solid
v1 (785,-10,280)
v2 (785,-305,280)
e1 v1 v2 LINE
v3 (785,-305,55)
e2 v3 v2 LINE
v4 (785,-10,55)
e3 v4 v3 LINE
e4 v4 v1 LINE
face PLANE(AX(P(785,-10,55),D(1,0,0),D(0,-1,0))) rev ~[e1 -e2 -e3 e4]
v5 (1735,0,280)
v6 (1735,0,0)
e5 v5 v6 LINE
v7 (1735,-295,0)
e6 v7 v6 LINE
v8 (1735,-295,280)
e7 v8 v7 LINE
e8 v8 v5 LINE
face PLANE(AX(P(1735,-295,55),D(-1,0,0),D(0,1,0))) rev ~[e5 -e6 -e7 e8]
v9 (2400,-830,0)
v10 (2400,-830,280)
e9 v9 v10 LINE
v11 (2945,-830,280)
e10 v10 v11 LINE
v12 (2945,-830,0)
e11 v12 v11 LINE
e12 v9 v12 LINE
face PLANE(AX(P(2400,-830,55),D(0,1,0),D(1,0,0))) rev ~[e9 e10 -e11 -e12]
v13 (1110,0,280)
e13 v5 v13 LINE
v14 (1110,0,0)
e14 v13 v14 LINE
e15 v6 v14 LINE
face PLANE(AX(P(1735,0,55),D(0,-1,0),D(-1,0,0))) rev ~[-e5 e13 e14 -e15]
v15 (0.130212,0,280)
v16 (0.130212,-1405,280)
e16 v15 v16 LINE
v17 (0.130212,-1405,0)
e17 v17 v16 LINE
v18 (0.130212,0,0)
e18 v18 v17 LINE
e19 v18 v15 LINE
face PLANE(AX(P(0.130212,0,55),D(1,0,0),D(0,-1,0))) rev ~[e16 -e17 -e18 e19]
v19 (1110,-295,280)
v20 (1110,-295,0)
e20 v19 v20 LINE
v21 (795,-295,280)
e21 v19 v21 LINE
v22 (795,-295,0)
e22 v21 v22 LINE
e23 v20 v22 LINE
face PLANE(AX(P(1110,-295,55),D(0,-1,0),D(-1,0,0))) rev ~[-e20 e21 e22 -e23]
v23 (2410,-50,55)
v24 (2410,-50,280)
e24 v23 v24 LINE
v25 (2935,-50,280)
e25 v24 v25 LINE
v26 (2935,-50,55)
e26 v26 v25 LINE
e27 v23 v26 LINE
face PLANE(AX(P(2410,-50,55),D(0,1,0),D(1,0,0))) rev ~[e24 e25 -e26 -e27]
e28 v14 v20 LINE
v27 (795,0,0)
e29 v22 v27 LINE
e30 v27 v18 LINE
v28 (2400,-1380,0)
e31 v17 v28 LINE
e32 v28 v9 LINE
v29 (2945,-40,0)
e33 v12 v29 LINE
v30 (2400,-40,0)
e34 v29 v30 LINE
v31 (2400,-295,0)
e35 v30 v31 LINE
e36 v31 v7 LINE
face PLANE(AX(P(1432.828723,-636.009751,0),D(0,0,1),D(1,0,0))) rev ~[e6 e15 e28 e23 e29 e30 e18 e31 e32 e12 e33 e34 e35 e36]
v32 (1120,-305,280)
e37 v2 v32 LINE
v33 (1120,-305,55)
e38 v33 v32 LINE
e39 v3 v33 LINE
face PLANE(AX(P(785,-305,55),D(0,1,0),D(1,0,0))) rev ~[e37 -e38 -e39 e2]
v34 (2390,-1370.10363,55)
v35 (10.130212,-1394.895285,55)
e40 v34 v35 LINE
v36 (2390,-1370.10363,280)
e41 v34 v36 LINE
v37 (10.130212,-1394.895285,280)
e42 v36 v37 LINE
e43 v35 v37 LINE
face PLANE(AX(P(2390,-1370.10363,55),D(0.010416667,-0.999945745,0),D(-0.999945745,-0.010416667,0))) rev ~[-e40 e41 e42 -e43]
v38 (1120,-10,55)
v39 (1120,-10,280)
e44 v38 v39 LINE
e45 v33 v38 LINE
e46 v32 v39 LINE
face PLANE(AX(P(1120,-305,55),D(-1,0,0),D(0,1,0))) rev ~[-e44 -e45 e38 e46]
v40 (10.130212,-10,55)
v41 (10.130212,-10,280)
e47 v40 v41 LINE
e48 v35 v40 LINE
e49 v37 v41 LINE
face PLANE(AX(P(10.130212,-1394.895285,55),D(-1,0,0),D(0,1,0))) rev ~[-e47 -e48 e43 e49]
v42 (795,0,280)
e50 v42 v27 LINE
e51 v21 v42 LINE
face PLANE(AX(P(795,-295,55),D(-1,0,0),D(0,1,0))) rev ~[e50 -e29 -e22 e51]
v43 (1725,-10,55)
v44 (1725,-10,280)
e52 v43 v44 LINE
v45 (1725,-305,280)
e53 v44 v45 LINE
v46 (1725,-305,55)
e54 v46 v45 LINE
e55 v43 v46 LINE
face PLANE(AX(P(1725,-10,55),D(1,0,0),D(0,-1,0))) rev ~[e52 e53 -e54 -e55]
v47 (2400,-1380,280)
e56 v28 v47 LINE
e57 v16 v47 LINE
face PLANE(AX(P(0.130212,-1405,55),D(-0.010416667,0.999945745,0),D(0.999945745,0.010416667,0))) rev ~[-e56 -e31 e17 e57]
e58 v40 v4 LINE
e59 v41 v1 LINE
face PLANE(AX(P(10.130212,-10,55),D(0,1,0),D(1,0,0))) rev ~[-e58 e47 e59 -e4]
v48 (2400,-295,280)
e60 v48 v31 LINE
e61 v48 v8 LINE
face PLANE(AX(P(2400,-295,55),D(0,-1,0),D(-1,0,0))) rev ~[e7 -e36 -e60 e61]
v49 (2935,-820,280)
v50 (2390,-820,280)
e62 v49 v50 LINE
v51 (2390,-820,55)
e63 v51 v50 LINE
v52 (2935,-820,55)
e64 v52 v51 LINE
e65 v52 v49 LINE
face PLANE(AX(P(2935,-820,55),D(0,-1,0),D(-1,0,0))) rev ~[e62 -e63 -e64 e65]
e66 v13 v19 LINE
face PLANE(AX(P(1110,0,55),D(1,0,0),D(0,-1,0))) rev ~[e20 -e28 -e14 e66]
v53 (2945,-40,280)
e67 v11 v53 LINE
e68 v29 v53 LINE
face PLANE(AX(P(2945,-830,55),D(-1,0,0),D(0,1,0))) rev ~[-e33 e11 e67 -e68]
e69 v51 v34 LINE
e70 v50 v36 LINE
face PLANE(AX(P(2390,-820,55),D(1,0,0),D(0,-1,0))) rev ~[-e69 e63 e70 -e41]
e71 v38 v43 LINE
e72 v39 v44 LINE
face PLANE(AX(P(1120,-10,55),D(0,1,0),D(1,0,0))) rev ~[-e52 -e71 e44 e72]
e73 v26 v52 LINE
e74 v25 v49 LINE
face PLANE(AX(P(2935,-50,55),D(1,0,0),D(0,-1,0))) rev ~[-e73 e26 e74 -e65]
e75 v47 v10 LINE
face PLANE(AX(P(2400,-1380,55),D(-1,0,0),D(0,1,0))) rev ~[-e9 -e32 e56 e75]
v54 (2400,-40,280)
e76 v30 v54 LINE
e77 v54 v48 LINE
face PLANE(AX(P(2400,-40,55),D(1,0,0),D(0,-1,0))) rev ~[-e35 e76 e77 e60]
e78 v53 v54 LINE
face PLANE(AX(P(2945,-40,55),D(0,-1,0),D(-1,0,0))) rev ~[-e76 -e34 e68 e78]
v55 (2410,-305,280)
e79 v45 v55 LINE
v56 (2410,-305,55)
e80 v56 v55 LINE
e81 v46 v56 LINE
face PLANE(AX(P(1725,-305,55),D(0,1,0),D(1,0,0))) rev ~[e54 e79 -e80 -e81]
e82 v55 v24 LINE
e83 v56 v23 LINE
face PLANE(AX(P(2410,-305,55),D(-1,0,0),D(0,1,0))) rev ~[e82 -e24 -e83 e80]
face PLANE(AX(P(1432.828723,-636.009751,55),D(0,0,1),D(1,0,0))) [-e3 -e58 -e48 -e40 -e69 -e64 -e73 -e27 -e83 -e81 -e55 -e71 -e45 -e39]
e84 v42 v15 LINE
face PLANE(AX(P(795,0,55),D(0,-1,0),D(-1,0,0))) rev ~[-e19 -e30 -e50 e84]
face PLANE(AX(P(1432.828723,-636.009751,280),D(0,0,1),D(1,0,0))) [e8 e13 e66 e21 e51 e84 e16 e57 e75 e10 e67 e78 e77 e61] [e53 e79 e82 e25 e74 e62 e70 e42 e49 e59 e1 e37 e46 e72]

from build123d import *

# Parameters (mm, degrees)
F1_DEPTH = 55
F3_DEPTH = 225


with BuildPart() as f1:
    # F0 (on Top) → F1 (new body)
    with BuildSketch(Plane.XY):
        Polygon((795, 0), (0.130212, 0), (0.130212, -1405), (2400, -1380), (2400, -830), (2945, -830), (2945, -40), (2400, -40), (2400, -295), (1735, -295), (1735, 0), (1110, 0), (1110, -295), (795, -295), align=None)
    extrude(amount=F1_DEPTH)

    # F2 (on face) → F3 (join)
    with BuildSketch(Plane.XY.offset(55)):
        Polygon((795, 0), (0.130212, 0), (0.130212, -1405), (2400, -1380), (2400, -830), (2945, -830), (2945, -40), (2400, -40), (2400, -295), (1735, -295), (1735, 0), (1110, 0), (1110, -295), (795, -295), align=None)
        Polygon((10.130212, -10), (785, -10), (785, -305), (1120, -305), (1120, -10), (1725, -10), (1725, -305), (2410, -305), (2410, -50), (2935, -50), (2935, -820), (2390, -820), (2390, -1370.10363), (10.130212, -1394.895285), align=None, mode=Mode.SUBTRACT)
    extrude(amount=F3_DEPTH)


solid = f1.part
